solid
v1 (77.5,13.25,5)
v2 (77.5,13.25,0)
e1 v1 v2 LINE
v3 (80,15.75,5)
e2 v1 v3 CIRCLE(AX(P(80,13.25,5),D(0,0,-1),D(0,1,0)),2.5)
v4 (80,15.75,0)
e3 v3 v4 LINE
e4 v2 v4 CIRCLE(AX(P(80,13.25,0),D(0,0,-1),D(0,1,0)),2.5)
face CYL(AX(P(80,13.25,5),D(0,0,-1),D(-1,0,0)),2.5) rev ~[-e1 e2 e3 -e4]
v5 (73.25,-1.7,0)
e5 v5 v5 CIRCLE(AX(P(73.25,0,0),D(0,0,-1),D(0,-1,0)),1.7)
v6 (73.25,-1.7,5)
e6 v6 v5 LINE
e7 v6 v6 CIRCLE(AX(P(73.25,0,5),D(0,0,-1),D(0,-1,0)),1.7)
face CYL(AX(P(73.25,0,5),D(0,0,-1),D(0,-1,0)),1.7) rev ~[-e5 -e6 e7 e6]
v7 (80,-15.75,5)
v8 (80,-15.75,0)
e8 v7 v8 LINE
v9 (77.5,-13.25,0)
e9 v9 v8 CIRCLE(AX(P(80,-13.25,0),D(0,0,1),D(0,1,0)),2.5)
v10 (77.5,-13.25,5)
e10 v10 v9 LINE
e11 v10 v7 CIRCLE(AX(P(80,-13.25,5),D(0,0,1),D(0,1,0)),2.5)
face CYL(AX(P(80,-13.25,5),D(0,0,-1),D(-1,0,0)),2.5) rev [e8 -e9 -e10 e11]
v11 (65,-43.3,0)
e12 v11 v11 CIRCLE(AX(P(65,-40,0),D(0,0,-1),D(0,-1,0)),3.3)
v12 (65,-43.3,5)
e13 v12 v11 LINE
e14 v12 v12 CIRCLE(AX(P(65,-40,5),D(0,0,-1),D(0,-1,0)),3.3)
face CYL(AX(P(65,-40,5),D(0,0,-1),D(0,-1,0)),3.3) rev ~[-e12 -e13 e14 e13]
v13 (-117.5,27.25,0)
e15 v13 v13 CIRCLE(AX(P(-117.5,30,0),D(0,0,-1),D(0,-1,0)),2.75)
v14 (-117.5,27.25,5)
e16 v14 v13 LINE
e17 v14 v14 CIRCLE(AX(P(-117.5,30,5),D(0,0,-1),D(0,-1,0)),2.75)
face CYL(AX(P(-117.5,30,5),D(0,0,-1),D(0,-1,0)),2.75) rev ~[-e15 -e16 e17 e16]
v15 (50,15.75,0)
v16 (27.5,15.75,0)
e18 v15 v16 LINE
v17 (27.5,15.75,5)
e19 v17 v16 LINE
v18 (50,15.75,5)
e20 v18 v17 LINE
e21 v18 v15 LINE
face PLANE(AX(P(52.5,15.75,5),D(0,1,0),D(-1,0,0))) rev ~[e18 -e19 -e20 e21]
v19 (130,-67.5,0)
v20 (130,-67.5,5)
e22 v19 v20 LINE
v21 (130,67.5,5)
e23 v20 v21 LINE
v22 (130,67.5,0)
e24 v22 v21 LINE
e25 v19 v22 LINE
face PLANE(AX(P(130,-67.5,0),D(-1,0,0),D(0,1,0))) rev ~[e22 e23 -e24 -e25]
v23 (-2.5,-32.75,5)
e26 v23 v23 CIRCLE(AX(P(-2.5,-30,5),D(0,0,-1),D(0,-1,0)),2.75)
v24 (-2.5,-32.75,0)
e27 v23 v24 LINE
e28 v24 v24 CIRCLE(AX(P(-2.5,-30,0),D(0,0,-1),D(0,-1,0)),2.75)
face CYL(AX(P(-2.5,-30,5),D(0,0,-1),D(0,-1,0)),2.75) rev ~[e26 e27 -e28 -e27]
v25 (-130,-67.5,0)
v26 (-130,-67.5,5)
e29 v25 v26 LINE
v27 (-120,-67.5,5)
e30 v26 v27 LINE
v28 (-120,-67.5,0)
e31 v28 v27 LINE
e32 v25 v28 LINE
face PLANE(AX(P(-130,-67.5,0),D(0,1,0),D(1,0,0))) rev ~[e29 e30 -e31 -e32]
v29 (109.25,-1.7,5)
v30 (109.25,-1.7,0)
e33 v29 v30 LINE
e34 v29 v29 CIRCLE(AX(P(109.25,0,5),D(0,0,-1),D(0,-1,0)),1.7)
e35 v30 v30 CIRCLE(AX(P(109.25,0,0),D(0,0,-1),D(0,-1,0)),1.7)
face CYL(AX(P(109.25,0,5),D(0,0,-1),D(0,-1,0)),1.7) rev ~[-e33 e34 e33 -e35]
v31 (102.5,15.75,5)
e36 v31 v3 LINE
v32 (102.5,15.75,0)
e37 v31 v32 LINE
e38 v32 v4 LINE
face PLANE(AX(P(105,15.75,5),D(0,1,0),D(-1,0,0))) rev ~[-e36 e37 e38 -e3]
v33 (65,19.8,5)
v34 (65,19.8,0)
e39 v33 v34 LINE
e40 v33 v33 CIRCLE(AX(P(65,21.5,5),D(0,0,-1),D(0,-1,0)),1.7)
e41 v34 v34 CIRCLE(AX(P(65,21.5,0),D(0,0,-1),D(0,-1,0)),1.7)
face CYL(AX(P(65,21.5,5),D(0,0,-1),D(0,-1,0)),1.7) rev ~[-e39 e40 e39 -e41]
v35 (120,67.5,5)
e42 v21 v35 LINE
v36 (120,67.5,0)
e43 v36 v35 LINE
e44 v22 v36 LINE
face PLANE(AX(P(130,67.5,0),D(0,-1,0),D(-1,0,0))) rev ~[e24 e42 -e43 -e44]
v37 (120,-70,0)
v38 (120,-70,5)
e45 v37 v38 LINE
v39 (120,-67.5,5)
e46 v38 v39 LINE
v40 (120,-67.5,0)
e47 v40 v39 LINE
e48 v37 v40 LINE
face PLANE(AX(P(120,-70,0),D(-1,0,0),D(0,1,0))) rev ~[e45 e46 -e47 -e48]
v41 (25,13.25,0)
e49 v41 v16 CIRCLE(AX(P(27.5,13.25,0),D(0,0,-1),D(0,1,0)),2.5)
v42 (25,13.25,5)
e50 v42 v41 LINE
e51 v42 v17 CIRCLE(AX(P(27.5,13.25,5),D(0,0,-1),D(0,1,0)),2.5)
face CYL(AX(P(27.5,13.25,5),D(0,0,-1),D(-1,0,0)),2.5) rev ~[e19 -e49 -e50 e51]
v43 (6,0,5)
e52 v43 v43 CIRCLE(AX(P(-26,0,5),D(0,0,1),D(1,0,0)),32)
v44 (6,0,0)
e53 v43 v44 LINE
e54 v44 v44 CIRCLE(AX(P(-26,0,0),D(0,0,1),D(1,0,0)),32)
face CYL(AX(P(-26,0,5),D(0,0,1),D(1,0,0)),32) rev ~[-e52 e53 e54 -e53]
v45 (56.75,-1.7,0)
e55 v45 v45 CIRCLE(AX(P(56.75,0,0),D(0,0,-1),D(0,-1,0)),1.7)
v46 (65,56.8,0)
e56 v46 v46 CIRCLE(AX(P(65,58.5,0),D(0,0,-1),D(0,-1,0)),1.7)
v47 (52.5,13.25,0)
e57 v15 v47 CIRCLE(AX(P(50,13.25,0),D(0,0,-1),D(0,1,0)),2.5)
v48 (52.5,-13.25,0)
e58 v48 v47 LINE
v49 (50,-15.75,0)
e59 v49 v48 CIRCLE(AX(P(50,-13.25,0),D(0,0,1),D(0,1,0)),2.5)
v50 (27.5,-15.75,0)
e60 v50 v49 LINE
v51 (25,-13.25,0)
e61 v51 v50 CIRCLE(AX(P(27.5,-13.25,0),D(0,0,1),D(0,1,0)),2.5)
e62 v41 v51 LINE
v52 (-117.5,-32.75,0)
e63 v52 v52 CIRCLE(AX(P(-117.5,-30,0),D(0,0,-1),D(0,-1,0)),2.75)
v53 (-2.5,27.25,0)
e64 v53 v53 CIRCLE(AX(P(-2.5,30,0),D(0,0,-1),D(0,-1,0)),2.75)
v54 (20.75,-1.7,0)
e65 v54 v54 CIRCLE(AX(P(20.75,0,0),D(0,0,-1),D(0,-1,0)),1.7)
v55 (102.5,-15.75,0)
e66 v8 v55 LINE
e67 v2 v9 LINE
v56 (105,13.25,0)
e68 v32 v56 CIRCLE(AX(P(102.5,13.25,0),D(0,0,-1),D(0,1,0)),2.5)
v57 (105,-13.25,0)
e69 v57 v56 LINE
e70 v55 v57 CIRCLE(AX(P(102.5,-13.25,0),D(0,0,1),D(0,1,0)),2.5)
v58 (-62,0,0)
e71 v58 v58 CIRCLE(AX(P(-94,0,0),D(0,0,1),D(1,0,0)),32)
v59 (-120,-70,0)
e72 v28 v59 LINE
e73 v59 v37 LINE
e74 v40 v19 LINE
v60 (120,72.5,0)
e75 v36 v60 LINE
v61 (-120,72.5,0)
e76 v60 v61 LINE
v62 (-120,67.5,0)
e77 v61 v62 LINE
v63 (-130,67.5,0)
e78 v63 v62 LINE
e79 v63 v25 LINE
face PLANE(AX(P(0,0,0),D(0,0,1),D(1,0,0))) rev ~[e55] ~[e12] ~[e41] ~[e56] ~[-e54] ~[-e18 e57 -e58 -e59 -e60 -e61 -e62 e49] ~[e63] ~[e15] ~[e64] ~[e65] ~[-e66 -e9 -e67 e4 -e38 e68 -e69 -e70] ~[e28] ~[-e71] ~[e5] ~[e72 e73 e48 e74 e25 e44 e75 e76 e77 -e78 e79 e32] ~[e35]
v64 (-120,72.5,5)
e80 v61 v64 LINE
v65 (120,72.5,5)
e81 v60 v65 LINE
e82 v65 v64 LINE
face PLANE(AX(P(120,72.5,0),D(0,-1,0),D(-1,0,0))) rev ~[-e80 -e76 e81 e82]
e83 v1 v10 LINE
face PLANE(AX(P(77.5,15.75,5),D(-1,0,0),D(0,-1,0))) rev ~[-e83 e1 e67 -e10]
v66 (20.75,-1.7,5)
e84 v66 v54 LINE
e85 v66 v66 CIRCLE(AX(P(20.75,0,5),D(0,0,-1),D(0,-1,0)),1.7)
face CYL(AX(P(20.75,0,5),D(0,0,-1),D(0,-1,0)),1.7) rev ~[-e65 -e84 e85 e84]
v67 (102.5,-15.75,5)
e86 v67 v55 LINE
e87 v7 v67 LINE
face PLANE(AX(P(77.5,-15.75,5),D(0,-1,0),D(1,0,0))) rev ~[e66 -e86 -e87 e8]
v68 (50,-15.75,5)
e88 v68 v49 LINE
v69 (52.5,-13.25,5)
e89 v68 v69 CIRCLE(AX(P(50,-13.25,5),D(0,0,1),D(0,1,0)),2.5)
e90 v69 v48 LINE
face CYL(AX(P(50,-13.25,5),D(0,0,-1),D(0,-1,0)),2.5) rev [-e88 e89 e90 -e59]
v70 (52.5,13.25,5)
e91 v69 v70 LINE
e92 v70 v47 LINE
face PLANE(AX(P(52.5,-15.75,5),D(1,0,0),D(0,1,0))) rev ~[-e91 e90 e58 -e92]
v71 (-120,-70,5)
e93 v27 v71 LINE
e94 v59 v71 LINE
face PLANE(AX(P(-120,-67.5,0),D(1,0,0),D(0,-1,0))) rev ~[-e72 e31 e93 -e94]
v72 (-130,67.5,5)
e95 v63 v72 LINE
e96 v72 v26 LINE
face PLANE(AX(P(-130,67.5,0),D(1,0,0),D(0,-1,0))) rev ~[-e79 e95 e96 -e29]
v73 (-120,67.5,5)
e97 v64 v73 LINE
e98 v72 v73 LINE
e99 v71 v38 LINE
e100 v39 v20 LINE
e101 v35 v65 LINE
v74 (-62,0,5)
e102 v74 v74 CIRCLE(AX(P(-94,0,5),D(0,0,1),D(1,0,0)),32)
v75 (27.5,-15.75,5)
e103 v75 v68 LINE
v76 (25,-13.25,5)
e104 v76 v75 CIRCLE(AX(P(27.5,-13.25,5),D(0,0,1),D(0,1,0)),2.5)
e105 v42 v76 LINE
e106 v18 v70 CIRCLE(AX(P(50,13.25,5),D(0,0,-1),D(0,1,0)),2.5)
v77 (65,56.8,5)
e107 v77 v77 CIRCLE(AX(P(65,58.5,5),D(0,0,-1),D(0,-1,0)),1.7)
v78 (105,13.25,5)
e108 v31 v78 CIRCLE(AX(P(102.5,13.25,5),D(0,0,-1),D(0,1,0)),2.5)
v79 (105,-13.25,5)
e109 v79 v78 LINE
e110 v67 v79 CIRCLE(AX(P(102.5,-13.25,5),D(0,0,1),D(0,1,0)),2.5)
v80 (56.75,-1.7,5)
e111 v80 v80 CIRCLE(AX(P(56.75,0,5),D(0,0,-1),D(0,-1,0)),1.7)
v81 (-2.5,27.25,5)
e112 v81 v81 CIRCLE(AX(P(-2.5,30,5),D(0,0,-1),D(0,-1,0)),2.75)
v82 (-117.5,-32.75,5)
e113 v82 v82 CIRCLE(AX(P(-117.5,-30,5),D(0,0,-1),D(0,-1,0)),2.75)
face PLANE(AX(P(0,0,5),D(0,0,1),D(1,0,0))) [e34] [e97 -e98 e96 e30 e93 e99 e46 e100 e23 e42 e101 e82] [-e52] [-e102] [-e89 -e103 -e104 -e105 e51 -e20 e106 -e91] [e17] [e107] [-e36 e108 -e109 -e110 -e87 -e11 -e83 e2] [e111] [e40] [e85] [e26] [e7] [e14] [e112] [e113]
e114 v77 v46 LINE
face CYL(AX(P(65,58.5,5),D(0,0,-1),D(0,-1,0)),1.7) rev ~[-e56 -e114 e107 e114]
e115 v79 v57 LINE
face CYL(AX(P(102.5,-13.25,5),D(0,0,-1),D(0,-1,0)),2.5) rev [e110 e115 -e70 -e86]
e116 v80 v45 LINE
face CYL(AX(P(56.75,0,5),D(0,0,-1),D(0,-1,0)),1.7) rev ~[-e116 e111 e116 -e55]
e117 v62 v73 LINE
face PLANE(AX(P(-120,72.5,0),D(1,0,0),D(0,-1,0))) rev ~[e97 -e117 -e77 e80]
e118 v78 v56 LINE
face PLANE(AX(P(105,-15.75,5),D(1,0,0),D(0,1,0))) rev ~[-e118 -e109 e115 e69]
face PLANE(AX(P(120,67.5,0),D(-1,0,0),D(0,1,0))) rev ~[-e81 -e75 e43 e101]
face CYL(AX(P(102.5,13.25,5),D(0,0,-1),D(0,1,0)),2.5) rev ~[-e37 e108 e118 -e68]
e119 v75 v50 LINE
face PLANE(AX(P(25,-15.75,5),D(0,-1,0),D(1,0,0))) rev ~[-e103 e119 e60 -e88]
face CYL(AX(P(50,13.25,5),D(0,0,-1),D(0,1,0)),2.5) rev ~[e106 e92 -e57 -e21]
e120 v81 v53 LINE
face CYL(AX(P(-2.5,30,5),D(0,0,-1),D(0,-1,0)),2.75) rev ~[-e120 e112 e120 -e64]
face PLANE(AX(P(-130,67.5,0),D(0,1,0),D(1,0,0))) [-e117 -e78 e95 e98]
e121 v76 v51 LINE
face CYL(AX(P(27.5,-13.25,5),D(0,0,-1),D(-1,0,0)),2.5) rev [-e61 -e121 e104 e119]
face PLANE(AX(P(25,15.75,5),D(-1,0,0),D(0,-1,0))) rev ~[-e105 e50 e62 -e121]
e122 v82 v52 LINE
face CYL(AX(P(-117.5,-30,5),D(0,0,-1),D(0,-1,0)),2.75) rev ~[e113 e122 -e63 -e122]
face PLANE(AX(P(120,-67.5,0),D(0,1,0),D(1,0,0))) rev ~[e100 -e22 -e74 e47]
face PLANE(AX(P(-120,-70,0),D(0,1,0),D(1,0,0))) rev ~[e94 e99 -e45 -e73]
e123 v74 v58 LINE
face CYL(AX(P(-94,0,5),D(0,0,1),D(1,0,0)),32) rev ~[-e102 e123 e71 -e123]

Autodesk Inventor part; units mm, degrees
ref_plane "YZ Plane" through (0, 0, 0) normal (1, 0, 0) x (0, 1, 0)
ref_plane "XZ Plane" through (0, 0, 0) normal (0, 1, 0) x (-1, 0, 0)
ref_plane "XY Plane" through (0, 0, 0) normal (0, 0, 1) x (1, 0, 0)
sketch "Sketch1" plane through (0, 0, 0) normal (0, 0, 1) x (1, 0, 0)
  line L0 (-130, 67.5) -> (-130, -67.5)
  line L1 (-130, -67.5) -> (-120, -67.5)
  line L2 (-120, -67.5) -> (-120, -70)
  line L3 (-120, -70) -> (120, -70)
  line L4 (120, -70) -> (120, -67.5)
  line L5 (120, -67.5) -> (130, -67.5)
  line L6 (130, -67.5) -> (130, 67.5)
  line L7 (130, 67.5) -> (120, 67.5)
  line L8 (120, 67.5) -> (120, 72.5)
  line L9 (120, 72.5) -> (-120, 72.5)
  line L10 (-120, 72.5) -> (-120, 67.5)
  line L11 (-130, 67.5) -> (-120, 67.5)
  point P0 (0, 0)
  point P1 (0, 72.5)
  point P2 (130, 0)
  point P3 (-130, 0)
  dimension "d0" = 5
  dimension "d1" = 240
  dimension "d2" = 10
  dimension "d3" = 10
  dimension "d4" = 2.5
  dimension "d5" = 135
extrude "Extrusion1" add sketch "Sketch1" along normal blind 5
sketch "Sketch2" plane through (0, 0, 5) normal (0, 0, 1) x (1, 0, 0)
  line L0 (25, -15.75) -> (52.5, -15.75)
  line L1 (52.5, -15.75) -> (52.5, 15.75)
  line L2 (52.5, 15.75) -> (25, 15.75)
  line L3 (25, 15.75) -> (25, -15.75)
  line L4 (77.5, -15.75) -> (105, -15.75)
  line L5 (105, -15.75) -> (105, 15.75)
  line L6 (105, 15.75) -> (77.5, 15.75)
  line L7 (77.5, 15.75) -> (77.5, -15.75)
  line L8 (130, -67.5) -> (130, 67.5) projected
  point P0 (0, 0)
  point P1 (25, 0)
  point P2 (77.5, 0)
  dimension "d8" = 27.5
  dimension "d9" = 31.5
  dimension "d10" = 27.5
  dimension "d11" = 31.5
  dimension "d12" = 130
  dimension "d13" = 25
  dimension "d14" = 25
extrude "Extrusion2" cut sketch "Sketch2" against normal through all
sketch "Sketch3" plane through (0, 0, 5) normal (0, 0, 1) x (1, 0, 0)
  line L0 (20.75, 0) -> (56.75, 0) construction
  line L1 (25, 15.75) -> (52.5, 15.75) projected
  line L2 (77.5, 15.75) -> (105, 15.75) projected
  line L3 (73.25, 0) -> (109.25, 0) construction
  point P0 (0, 0)
  point P1 (38.75, 0)
  point P2 (38.75, 15.75)
  point P3 (91.25, 0)
  point P4 (91.25, 15.75)
  dimension "d17" = 36
  dimension "d18" = 36
hole "Hole1" at (20.75, 0, 5) at (56.75, 0, 5) at (73.25, 0, 5) at (109.25, 0, 5) direction (0, 0, -1) diameter 3.4 depth 8 tip angle 118 clearance for "Countersunk Flat Head Screw DIN EN ISO 2009" size "M3" standard "DIN"
fillet "Fillet1" radius 2.5 8 edges at (25, 15.75, 2.5) (77.5, 15.75, 2.5) (105, 15.75, 2.5) (52.5, 15.75, 2.5) (52.5, -15.75, 2.5) (105, -15.75, 2.5) (25, -15.75, 2.5) (77.5, -15.75, 2.5)
sketch "Sketch5" plane through (0, 0, 5) normal (0, 0, 1) x (1, 0, 0)
  circle A0 centre (-94, 0) radius 32
  circle A1 centre (-26, 0) radius 32
  line L0 (-130, 67.5) -> (-130, -67.5) projected
  point P0 (0, 0)
  dimension "d34" = 64
  dimension "d35" = 68
  dimension "d36" = 36
  dimension "d37" = 64
extrude "Extrusion3" cut sketch "Sketch5" against normal through all
sketch "Sketch6" plane through (0, 0, 5) normal (0, 0, 1) x (1, 0, 0)
  point P0 (0, 0)
  point P1 (65, -40)
  dimension "d40" = 65
  dimension "d60" = 40
hole "Hole3" at (65, -40, 5) direction (0, 0, -1) diameter 6.6 depth 8 tip angle 118 clearance for "Countersunk Flat Head Screw DIN EN ISO 2009" size "M6" standard "DIN"
sketch "Sketch7" plane through (0, 0, 5) normal (0, 0, 1) x (1, 0, 0)
  circle A0 centre (-94, 0) radius 32 construction
  circle A1 centre (-26, 0) radius 32 construction
  line L0 (-117.5, -30) -> (-2.5, -30) construction
  line L1 (-2.5, -30) -> (-2.5, 30) construction
  line L2 (-2.5, 30) -> (-117.5, 30) construction
  line L3 (-117.5, 30) -> (-117.5, -30) construction
  line L4 (-117.5, -30) -> (-2.5, 30) construction
  line L5 (-2.5, -30) -> (-117.5, 30) construction
  point P0 (0, 0)
  point P1 (-60, 0)
  point P2 (-60, 0)
  dimension "d49" = 68
  dimension "d50" = 34
  dimension "d51" = 115
  dimension "d52" = 60
hole "Hole4" at (-117.5, 30, 5) at (-117.5, -30, 5) at (-2.5, -30, 5) at (-2.5, 30, 5) direction (0, 0, -1) diameter 5.5 depth 8 tip angle 118 clearance for "Countersunk Flat Head Screw DIN EN ISO 2009" size "M5" standard "DIN"
sketch "Sketch8" plane through (0, 0, 5) normal (0, 0, 1) x (1, 0, 0)
  circle A0 centre (65, -40) radius 3.3 construction
  line L0 (65, 58.5) -> (65, 21.5) construction
  point P0 (0, 0)
  point P1 (65, 40)
  dimension "d62" = 37
  dimension "d63" = 40
  dimension "d71" = 0
hole "Hole5" at (65, 21.5, 5) at (65, 58.5, 5) direction (0, 0, -1) diameter 3.4 depth 8 tip angle 118 clearance for "Countersunk Flat Head Screw DIN EN ISO 2009" size "M3" standard "DIN"
equation "\"d13\" = -0.666667 * d8 + 0.333333 * d12"
equation "\"d14\" = d13"
equation "\"d50\" = 0.5 * d49"
properties part number "SeitenOben" material "Polycarbonate, Clear"
